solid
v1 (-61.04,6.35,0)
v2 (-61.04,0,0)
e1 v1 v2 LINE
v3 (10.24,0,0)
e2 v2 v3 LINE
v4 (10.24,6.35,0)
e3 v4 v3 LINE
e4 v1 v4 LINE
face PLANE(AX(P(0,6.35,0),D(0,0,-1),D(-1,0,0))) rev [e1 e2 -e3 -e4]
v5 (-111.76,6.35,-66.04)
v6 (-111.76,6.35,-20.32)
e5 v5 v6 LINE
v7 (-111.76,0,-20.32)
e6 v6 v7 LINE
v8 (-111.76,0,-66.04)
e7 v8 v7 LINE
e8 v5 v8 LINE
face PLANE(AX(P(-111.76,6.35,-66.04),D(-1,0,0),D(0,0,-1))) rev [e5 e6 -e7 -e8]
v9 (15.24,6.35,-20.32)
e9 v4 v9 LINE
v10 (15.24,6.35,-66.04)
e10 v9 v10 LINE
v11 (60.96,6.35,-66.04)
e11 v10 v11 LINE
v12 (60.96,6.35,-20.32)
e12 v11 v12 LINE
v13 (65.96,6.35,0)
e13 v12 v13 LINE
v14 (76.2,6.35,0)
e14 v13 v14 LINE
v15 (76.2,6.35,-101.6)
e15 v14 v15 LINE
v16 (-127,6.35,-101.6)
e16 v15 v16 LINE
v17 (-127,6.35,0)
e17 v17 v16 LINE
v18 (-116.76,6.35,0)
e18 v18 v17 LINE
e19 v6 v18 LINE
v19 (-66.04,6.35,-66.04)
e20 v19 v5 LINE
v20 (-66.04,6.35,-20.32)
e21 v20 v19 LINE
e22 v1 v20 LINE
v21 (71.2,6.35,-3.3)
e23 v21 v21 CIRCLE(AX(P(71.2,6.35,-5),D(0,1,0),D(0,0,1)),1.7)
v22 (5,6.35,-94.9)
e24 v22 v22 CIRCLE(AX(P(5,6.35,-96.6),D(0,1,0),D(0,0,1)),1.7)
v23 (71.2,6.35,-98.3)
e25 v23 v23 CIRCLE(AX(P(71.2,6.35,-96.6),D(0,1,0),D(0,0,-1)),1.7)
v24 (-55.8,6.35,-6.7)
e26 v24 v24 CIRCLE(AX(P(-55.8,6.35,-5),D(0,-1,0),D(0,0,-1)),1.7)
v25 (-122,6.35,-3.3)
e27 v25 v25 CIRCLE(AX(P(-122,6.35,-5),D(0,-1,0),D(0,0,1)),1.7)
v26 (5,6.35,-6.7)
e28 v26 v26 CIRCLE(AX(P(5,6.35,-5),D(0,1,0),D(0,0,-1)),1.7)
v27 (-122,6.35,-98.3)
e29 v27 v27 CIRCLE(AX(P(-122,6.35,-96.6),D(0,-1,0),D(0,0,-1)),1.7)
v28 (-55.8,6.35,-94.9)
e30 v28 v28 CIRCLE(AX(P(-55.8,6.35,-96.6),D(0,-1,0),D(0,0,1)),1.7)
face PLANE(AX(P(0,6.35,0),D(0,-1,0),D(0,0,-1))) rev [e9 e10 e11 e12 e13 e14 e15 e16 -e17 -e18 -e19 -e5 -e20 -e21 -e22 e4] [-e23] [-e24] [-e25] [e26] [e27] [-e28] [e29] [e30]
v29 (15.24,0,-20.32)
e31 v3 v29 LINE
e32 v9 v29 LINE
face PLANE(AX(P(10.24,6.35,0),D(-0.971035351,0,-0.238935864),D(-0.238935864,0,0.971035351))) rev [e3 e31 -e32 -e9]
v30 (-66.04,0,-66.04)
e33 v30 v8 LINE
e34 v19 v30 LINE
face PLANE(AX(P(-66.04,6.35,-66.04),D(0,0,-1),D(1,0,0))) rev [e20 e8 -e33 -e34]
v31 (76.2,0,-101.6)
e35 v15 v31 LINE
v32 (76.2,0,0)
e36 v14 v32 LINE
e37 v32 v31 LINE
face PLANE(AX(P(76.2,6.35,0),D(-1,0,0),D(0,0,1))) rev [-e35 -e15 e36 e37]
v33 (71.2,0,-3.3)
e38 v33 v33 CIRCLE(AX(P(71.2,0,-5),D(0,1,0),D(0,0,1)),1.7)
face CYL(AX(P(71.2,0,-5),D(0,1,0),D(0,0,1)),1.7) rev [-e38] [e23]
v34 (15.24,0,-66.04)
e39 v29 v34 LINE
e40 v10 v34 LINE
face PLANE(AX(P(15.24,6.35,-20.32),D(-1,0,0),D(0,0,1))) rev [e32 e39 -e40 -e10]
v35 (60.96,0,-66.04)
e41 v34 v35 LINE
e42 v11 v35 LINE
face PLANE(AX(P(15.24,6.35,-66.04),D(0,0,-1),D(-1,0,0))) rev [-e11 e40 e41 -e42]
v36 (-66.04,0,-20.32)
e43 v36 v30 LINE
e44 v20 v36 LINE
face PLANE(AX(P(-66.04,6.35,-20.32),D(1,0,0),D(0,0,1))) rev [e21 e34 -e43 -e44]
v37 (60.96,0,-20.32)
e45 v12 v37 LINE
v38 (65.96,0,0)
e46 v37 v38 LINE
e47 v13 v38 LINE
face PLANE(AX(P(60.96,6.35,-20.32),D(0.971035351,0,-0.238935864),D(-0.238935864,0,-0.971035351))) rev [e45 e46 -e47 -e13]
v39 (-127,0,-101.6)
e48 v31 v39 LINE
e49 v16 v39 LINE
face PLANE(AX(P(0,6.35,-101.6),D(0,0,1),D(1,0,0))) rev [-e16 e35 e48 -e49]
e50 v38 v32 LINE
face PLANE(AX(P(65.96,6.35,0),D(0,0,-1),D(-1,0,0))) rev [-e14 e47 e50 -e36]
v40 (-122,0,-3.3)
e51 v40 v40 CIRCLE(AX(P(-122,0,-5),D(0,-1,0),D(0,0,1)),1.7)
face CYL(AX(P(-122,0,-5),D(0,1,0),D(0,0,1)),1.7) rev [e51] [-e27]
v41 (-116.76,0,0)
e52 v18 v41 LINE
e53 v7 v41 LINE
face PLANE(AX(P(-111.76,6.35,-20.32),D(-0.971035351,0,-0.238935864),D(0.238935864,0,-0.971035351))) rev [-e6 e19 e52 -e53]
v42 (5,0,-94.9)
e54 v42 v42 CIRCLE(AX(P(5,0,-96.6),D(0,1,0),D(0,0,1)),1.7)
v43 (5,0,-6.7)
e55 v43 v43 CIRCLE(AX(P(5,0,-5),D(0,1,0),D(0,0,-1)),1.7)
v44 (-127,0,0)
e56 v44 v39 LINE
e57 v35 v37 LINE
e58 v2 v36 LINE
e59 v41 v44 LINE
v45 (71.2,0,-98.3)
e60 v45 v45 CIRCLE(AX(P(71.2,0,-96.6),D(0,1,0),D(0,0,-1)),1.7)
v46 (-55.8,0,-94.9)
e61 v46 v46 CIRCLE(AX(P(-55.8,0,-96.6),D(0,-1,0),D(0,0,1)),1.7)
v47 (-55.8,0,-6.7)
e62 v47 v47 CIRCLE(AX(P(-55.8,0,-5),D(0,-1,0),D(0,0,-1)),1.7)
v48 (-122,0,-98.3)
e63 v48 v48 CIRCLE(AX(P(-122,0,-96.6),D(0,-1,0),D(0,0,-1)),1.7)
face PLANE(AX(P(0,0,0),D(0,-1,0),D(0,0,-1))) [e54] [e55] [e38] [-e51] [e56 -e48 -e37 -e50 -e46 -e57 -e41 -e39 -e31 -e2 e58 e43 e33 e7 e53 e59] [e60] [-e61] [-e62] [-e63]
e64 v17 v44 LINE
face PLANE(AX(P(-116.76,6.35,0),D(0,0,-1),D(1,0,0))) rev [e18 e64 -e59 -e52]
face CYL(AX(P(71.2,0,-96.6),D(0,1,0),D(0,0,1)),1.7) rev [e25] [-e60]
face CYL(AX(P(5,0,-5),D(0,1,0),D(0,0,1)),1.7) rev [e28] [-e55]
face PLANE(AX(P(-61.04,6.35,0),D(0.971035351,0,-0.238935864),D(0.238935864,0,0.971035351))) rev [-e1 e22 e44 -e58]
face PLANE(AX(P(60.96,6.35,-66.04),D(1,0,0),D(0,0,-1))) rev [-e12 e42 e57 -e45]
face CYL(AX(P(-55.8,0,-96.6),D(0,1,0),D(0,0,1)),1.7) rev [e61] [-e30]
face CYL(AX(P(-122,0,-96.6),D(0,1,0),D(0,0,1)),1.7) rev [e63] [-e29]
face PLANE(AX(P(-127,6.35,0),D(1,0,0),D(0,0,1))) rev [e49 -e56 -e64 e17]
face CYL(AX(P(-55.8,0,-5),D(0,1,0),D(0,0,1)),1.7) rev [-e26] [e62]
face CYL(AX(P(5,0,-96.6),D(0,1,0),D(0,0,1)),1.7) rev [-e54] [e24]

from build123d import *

# Parameters (mm, degrees)
BOSS_EXTRUDE1_DEPTH = 6.35
SKETCH2_R           = 1.7
CUT_EXTRUDE1_DEPTH  = 128.158650905
SKETCH3_W           = 101.6
SKETCH3_H           = 6.35
BOSS_EXTRUDE2_DEPTH = 50.8


with BuildPart() as part:
    # Sketch1 → Boss-Extrude1 (new body)
    with BuildSketch(Plane(origin=(0, 0, 0), x_dir=(1, 0, 0), z_dir=(0, 1, 0))):
        Polygon((15.24, 20.32), (15.24, 66.04), (60.96, 66.04), (60.96, 20.32), (65.96, 0), (76.2, 0), (76.2, 101.6), (0, 101.6), (0, 0), (10.24, 0), align=None)
    extrude(amount=BOSS_EXTRUDE1_DEPTH)

    # Sketch2 → Cut-Extrude1 (cut, through all)
    with BuildSketch(Plane(origin=(0, 6.35, 0), x_dir=(1, 0, 0), z_dir=(0, 1, 0))):
        with Locations(Location((5, 96.6, 0), (0, 0, 270))):
            Circle(SKETCH2_R)
        with Locations(Location((71.2, 96.6, 0), (0, 0, 90))):
            Circle(SKETCH2_R)
        with Locations(Location((71.2, 5, 0), (0, 0, 270))):
            Circle(SKETCH2_R)
        with Locations(Location((5, 5, 0), (0, 0, 90))):
            Circle(SKETCH2_R)
    extrude(amount=-CUT_EXTRUDE1_DEPTH, mode=Mode.SUBTRACT)


with BuildPart() as body_2:
    # Mirror1: mirrored copy
    add(part.part.mirror(Plane.ZY.offset(25.4)))


with BuildPart() as part_1:
    add(part.part)

    add(body_2.part)  # Boss-Extrude2 merges body 2
    # Sketch3 → Boss-Extrude2 (add)
    with BuildSketch(Plane(origin=(-50.8, 0, 0), x_dir=(0, 0, -1), z_dir=(1, 0, 0))):
        with Locations((50.8, 3.175)):
            Rectangle(SKETCH3_W, SKETCH3_H)
    extrude(amount=BOSS_EXTRUDE2_DEPTH)


solid = part_1.part
